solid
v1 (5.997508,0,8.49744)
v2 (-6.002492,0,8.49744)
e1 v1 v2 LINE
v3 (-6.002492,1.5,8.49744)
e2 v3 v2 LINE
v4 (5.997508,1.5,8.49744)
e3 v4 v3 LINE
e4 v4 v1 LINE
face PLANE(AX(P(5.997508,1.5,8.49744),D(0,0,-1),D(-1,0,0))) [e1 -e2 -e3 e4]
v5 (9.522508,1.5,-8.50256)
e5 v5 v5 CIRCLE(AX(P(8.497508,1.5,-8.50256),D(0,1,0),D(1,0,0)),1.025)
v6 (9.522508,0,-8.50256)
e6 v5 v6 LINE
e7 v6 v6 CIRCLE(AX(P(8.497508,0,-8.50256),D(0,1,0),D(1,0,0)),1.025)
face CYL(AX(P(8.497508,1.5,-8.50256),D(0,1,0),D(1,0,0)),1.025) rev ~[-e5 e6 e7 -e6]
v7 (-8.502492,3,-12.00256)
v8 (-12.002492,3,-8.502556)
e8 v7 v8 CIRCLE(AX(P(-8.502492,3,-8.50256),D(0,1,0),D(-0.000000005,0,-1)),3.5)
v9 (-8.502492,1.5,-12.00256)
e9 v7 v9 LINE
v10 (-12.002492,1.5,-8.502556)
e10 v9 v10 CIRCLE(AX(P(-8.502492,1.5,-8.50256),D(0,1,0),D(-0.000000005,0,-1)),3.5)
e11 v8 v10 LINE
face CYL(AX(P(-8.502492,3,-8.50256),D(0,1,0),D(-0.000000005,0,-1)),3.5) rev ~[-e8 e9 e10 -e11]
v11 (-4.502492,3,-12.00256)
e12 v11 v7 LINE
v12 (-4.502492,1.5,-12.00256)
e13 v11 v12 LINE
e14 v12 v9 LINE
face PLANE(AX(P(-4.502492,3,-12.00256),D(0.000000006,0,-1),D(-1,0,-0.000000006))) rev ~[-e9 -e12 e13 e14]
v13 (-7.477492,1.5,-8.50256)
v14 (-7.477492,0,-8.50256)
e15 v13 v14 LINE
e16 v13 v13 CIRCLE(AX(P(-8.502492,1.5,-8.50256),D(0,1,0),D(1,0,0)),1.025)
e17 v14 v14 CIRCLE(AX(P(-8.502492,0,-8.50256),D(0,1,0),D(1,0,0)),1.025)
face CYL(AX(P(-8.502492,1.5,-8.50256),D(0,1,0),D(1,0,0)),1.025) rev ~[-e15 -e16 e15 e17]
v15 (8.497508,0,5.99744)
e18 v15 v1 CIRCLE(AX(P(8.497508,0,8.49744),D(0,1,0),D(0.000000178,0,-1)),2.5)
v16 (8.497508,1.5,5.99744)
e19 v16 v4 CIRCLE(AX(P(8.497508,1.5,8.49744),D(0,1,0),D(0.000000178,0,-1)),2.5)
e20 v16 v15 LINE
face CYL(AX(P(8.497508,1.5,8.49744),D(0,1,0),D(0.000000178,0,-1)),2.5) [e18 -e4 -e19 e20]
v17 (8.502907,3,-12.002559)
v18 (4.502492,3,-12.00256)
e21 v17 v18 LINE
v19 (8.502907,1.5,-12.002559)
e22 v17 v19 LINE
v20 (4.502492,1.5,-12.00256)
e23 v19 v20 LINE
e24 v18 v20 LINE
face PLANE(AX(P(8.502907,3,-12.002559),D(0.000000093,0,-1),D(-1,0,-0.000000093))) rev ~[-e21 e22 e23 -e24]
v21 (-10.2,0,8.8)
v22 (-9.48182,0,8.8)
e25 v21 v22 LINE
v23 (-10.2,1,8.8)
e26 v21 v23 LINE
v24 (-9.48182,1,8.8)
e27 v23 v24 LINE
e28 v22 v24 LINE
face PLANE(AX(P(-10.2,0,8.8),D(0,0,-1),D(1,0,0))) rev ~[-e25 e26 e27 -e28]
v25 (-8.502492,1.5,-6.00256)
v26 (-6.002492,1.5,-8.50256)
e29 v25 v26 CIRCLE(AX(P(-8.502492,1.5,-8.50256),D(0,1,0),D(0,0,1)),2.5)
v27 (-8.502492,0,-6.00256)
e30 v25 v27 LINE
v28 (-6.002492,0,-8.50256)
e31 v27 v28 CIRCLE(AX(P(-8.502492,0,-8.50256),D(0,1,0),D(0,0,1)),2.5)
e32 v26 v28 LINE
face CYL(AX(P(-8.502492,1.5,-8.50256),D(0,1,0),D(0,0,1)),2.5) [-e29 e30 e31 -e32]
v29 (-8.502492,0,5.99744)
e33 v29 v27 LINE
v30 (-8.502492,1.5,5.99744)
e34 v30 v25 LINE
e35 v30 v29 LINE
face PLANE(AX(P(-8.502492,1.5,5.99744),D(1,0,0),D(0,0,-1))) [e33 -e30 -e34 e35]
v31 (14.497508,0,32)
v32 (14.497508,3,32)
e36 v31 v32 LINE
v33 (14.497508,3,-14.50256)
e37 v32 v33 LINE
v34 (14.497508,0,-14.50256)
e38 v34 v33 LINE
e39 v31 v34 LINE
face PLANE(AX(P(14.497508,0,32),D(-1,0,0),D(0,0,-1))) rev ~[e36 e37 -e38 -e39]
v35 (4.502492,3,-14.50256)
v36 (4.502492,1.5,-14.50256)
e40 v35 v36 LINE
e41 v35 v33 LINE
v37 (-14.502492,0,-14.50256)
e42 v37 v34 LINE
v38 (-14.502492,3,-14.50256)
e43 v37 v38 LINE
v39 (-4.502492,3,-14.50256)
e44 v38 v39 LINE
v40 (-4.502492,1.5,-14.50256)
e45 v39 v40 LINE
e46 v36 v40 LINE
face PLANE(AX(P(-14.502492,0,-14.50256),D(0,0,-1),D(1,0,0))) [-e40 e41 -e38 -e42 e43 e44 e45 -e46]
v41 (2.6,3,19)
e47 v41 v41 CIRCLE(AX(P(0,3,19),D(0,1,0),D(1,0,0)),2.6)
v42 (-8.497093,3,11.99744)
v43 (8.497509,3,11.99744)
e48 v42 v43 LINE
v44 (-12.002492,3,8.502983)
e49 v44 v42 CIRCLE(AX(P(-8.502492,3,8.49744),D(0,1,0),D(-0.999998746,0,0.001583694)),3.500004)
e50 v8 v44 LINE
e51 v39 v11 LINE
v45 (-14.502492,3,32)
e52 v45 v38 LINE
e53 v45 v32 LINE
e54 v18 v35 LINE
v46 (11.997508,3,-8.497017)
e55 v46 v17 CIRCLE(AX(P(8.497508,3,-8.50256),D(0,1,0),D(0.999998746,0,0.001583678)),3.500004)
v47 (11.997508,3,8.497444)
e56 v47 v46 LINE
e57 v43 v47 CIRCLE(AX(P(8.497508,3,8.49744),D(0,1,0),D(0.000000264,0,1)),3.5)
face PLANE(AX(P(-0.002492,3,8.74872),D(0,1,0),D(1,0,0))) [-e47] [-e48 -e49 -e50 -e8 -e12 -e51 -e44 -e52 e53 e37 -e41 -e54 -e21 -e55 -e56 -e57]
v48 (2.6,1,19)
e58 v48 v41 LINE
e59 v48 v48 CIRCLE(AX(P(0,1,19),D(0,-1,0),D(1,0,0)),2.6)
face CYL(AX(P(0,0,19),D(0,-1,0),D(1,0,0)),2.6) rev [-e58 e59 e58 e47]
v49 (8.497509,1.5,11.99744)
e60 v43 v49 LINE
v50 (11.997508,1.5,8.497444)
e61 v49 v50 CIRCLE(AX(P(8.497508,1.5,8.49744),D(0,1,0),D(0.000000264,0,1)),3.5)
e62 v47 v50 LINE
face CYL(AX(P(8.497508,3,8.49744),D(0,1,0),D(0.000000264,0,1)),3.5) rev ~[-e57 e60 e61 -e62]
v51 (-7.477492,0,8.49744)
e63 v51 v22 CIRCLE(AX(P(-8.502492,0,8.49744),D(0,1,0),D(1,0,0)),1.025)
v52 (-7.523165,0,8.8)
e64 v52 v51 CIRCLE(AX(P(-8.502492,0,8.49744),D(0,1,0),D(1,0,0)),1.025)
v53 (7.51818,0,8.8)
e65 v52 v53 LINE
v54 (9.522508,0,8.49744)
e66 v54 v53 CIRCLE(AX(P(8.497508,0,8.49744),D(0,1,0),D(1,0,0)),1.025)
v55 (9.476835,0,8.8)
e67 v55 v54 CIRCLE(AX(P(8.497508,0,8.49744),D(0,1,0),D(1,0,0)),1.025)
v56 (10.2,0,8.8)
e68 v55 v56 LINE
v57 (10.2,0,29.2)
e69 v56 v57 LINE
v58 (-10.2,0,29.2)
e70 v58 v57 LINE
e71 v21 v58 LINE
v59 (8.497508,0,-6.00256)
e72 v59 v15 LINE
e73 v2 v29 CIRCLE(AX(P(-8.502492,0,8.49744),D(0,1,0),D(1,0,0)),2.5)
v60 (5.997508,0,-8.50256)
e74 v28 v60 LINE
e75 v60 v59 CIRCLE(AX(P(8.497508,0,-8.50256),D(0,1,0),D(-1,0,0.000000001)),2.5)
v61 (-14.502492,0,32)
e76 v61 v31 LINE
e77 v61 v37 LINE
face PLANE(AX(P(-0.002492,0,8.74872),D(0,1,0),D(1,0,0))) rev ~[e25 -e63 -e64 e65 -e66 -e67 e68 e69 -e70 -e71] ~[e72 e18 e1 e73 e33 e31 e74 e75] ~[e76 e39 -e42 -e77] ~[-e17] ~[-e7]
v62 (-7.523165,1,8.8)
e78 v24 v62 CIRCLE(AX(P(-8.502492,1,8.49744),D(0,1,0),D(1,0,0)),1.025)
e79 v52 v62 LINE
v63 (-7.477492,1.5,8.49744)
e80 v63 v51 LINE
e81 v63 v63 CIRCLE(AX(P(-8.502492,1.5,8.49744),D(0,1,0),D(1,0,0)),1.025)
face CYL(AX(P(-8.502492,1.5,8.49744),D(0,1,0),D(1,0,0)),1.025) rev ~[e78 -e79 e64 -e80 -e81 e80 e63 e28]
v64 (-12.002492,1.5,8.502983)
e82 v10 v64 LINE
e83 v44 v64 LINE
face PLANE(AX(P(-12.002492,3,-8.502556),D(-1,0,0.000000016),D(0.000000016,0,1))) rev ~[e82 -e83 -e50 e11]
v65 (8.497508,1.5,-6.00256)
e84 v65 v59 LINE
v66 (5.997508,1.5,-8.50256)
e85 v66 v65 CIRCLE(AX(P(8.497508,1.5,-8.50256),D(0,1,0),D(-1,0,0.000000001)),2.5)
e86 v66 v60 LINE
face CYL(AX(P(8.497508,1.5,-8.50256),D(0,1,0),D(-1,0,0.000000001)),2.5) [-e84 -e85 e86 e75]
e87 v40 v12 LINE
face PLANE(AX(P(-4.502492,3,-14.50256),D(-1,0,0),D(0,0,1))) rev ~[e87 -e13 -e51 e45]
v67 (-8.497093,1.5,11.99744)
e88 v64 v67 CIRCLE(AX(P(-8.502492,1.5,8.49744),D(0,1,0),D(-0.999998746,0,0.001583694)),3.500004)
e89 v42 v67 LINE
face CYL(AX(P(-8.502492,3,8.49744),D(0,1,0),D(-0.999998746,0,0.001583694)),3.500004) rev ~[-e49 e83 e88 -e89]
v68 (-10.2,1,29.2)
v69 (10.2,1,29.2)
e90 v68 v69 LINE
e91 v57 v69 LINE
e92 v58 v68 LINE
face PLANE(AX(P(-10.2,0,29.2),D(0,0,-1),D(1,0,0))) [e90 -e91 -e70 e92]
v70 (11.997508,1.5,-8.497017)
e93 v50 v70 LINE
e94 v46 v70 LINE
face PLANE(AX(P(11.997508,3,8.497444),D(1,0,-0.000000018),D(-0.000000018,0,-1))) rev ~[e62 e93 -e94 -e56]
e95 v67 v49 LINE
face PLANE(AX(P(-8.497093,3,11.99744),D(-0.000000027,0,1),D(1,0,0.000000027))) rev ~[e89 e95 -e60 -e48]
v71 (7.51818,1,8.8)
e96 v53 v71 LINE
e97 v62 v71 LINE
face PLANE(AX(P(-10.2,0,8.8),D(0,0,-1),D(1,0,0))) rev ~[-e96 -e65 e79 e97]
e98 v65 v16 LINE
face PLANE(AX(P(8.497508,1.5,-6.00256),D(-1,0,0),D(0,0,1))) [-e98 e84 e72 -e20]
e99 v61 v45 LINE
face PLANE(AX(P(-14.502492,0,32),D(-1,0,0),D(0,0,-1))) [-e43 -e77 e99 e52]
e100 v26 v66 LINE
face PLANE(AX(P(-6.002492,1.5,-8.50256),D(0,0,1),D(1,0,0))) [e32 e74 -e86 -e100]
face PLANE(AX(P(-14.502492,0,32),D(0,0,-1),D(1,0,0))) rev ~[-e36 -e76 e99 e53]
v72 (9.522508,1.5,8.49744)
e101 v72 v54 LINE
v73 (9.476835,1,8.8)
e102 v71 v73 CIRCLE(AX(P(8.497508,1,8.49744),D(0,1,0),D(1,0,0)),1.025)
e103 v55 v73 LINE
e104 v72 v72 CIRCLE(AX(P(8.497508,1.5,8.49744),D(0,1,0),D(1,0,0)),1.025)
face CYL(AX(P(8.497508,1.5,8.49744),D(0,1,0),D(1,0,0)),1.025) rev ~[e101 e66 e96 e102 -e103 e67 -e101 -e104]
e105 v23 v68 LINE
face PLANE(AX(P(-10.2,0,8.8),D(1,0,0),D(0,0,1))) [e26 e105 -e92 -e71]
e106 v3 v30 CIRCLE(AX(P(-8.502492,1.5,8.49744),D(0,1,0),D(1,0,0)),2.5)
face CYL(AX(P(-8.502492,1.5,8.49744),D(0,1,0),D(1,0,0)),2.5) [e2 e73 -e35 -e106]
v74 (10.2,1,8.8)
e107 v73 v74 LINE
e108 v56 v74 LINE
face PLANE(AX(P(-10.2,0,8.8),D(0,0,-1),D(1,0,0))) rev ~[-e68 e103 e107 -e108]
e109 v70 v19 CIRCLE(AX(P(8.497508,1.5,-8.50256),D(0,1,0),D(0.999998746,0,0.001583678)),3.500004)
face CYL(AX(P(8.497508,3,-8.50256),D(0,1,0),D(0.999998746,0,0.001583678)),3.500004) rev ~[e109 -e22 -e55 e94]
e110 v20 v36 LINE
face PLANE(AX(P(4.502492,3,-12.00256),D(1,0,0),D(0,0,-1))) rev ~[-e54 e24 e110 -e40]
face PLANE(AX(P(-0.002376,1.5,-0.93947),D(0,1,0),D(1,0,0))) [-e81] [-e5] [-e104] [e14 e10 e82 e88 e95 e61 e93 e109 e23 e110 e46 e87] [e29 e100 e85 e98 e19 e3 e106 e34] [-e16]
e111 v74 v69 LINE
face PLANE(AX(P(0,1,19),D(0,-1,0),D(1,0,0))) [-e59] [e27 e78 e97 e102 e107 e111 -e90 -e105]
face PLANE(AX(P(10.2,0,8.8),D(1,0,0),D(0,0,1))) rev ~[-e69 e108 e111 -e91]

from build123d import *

# Parameters (mm, degrees)
SKETCH3_W           = 29
SKETCH3_H           = 46.502559765
SKETCH3_R           = 2.6
BOSS_EXTRUDE1_DEPTH = 3
SKETCH4_W           = 20.4
SKETCH4_H           = 20.4
CUT_EXTRUDE1_DEPTH  = 1
CUT_EXTRUDE2_DEPTH  = 1.5
SKETCH6_R           = 1.025
CUT_EXTRUDE3_DEPTH  = 1.5
CUT_EXTRUDE4_DEPTH  = 1.5


with BuildPart() as part:
    # Sketch3 → Boss-Extrude1 (new body)
    with BuildSketch(Plane(origin=(0, 0, 0), x_dir=(1, 0, 0), z_dir=(0, 1, 0))):
        with Locations((-0.002492114, -8.748720117)):
            Rectangle(SKETCH3_W, SKETCH3_H)
        with Locations((0, -19)):
            Circle(SKETCH3_R, mode=Mode.SUBTRACT)
    extrude(amount=BOSS_EXTRUDE1_DEPTH)

    # Sketch4 → Cut-Extrude1 (cut)
    with BuildSketch(Plane.XZ):
        with Locations((0, 19)):
            Rectangle(SKETCH4_W, SKETCH4_H)
    extrude(amount=-CUT_EXTRUDE1_DEPTH, mode=Mode.SUBTRACT)

    # Sketch5 → Cut-Extrude2 (cut)
    with BuildSketch(Plane(origin=(0, 3, 0), x_dir=(1, 0, 0), z_dir=(0, 1, 0))):
        with BuildLine():
            Line((-12.00249203, 8.502556434), (-12.00249175, -8.502983271))
            ThreePointArc((-12.00249175, -8.502983271), (-10.973497147, -10.976182335), (-8.497093239, -11.997440002))
            Line((-8.497093239, -11.997440002), (8.497508549, -11.997440458))
            ThreePointArc((8.497508549, -11.997440458), (10.972380637, -10.972314999), (11.99750783, -8.497443607))
            Line((11.99750783, -8.497443607), (11.997507522, 8.497016765))
            ThreePointArc((11.997507522, 8.497016765), (10.976250085, 10.973564476), (8.502907209, 12.002559308))
            Line((8.502907209, 12.002559308), (4.502491803, 12.00255968))
            Line((4.502491803, 12.00255968), (4.502491803, 14.502559765))
            Line((4.502491803, 14.502559765), (-4.502491803, 14.502559765))
            Line((-4.502491803, 14.502559765), (-4.502491803, 12.002559739))
            Line((-4.502491803, 12.002559739), (-8.502491889, 12.002559765))
            ThreePointArc((-8.502491889, 12.002559765), (-10.977366841, 10.977432329), (-12.00249203, 8.502556434))
        make_face()
    extrude(amount=-CUT_EXTRUDE2_DEPTH, mode=Mode.SUBTRACT)

    # Sketch6 → Cut-Extrude3 (cut)
    with BuildSketch(Plane(origin=(0, 1.5, 0), x_dir=(1, 0, 0), z_dir=(0, 1, 0))):
        with Locations((-8.502491891, 8.502559653)):
            Circle(SKETCH6_R)
        with Locations((8.497508109, 8.502559653)):
            Circle(SKETCH6_R)
        with Locations((8.497507663, -8.497440347)):
            Circle(SKETCH6_R)
        with Locations((-8.502492337, -8.497440347)):
            Circle(SKETCH6_R)
    extrude(amount=-CUT_EXTRUDE3_DEPTH, mode=Mode.SUBTRACT)

    # Sketch7 → Cut-Extrude4 (cut)
    with BuildSketch(Plane(origin=(0, 1.5, 0), x_dir=(1, 0, 0), z_dir=(0, 1, 0))):
        with BuildLine():
            Line((-6.002491891, 8.502559653), (5.997508109, 8.502559653))
            ThreePointArc((5.997508109, 8.502559653), (6.729741157, 6.7347927), (8.497508109, 6.002559653))
            Line((8.497508109, 6.002559653), (8.497508109, -5.997440347))
            ThreePointArc((8.497508109, -5.997440347), (6.729740868, -6.729673236), (5.997507663, -8.497440347))
            Line((5.997507663, -8.497440347), (-6.002492337, -8.497440347))
            ThreePointArc((-6.002492337, -8.497440347), (-6.734725226, -6.729673552), (-8.502491891, -5.997440347))
            Line((-8.502491891, -5.997440347), (-8.502491891, 6.002559653))
            ThreePointArc((-8.502491891, 6.002559653), (-6.734724938, 6.7347927), (-6.002491891, 8.502559653))
        make_face()
    extrude(amount=-CUT_EXTRUDE4_DEPTH, mode=Mode.SUBTRACT)


solid = part.part
